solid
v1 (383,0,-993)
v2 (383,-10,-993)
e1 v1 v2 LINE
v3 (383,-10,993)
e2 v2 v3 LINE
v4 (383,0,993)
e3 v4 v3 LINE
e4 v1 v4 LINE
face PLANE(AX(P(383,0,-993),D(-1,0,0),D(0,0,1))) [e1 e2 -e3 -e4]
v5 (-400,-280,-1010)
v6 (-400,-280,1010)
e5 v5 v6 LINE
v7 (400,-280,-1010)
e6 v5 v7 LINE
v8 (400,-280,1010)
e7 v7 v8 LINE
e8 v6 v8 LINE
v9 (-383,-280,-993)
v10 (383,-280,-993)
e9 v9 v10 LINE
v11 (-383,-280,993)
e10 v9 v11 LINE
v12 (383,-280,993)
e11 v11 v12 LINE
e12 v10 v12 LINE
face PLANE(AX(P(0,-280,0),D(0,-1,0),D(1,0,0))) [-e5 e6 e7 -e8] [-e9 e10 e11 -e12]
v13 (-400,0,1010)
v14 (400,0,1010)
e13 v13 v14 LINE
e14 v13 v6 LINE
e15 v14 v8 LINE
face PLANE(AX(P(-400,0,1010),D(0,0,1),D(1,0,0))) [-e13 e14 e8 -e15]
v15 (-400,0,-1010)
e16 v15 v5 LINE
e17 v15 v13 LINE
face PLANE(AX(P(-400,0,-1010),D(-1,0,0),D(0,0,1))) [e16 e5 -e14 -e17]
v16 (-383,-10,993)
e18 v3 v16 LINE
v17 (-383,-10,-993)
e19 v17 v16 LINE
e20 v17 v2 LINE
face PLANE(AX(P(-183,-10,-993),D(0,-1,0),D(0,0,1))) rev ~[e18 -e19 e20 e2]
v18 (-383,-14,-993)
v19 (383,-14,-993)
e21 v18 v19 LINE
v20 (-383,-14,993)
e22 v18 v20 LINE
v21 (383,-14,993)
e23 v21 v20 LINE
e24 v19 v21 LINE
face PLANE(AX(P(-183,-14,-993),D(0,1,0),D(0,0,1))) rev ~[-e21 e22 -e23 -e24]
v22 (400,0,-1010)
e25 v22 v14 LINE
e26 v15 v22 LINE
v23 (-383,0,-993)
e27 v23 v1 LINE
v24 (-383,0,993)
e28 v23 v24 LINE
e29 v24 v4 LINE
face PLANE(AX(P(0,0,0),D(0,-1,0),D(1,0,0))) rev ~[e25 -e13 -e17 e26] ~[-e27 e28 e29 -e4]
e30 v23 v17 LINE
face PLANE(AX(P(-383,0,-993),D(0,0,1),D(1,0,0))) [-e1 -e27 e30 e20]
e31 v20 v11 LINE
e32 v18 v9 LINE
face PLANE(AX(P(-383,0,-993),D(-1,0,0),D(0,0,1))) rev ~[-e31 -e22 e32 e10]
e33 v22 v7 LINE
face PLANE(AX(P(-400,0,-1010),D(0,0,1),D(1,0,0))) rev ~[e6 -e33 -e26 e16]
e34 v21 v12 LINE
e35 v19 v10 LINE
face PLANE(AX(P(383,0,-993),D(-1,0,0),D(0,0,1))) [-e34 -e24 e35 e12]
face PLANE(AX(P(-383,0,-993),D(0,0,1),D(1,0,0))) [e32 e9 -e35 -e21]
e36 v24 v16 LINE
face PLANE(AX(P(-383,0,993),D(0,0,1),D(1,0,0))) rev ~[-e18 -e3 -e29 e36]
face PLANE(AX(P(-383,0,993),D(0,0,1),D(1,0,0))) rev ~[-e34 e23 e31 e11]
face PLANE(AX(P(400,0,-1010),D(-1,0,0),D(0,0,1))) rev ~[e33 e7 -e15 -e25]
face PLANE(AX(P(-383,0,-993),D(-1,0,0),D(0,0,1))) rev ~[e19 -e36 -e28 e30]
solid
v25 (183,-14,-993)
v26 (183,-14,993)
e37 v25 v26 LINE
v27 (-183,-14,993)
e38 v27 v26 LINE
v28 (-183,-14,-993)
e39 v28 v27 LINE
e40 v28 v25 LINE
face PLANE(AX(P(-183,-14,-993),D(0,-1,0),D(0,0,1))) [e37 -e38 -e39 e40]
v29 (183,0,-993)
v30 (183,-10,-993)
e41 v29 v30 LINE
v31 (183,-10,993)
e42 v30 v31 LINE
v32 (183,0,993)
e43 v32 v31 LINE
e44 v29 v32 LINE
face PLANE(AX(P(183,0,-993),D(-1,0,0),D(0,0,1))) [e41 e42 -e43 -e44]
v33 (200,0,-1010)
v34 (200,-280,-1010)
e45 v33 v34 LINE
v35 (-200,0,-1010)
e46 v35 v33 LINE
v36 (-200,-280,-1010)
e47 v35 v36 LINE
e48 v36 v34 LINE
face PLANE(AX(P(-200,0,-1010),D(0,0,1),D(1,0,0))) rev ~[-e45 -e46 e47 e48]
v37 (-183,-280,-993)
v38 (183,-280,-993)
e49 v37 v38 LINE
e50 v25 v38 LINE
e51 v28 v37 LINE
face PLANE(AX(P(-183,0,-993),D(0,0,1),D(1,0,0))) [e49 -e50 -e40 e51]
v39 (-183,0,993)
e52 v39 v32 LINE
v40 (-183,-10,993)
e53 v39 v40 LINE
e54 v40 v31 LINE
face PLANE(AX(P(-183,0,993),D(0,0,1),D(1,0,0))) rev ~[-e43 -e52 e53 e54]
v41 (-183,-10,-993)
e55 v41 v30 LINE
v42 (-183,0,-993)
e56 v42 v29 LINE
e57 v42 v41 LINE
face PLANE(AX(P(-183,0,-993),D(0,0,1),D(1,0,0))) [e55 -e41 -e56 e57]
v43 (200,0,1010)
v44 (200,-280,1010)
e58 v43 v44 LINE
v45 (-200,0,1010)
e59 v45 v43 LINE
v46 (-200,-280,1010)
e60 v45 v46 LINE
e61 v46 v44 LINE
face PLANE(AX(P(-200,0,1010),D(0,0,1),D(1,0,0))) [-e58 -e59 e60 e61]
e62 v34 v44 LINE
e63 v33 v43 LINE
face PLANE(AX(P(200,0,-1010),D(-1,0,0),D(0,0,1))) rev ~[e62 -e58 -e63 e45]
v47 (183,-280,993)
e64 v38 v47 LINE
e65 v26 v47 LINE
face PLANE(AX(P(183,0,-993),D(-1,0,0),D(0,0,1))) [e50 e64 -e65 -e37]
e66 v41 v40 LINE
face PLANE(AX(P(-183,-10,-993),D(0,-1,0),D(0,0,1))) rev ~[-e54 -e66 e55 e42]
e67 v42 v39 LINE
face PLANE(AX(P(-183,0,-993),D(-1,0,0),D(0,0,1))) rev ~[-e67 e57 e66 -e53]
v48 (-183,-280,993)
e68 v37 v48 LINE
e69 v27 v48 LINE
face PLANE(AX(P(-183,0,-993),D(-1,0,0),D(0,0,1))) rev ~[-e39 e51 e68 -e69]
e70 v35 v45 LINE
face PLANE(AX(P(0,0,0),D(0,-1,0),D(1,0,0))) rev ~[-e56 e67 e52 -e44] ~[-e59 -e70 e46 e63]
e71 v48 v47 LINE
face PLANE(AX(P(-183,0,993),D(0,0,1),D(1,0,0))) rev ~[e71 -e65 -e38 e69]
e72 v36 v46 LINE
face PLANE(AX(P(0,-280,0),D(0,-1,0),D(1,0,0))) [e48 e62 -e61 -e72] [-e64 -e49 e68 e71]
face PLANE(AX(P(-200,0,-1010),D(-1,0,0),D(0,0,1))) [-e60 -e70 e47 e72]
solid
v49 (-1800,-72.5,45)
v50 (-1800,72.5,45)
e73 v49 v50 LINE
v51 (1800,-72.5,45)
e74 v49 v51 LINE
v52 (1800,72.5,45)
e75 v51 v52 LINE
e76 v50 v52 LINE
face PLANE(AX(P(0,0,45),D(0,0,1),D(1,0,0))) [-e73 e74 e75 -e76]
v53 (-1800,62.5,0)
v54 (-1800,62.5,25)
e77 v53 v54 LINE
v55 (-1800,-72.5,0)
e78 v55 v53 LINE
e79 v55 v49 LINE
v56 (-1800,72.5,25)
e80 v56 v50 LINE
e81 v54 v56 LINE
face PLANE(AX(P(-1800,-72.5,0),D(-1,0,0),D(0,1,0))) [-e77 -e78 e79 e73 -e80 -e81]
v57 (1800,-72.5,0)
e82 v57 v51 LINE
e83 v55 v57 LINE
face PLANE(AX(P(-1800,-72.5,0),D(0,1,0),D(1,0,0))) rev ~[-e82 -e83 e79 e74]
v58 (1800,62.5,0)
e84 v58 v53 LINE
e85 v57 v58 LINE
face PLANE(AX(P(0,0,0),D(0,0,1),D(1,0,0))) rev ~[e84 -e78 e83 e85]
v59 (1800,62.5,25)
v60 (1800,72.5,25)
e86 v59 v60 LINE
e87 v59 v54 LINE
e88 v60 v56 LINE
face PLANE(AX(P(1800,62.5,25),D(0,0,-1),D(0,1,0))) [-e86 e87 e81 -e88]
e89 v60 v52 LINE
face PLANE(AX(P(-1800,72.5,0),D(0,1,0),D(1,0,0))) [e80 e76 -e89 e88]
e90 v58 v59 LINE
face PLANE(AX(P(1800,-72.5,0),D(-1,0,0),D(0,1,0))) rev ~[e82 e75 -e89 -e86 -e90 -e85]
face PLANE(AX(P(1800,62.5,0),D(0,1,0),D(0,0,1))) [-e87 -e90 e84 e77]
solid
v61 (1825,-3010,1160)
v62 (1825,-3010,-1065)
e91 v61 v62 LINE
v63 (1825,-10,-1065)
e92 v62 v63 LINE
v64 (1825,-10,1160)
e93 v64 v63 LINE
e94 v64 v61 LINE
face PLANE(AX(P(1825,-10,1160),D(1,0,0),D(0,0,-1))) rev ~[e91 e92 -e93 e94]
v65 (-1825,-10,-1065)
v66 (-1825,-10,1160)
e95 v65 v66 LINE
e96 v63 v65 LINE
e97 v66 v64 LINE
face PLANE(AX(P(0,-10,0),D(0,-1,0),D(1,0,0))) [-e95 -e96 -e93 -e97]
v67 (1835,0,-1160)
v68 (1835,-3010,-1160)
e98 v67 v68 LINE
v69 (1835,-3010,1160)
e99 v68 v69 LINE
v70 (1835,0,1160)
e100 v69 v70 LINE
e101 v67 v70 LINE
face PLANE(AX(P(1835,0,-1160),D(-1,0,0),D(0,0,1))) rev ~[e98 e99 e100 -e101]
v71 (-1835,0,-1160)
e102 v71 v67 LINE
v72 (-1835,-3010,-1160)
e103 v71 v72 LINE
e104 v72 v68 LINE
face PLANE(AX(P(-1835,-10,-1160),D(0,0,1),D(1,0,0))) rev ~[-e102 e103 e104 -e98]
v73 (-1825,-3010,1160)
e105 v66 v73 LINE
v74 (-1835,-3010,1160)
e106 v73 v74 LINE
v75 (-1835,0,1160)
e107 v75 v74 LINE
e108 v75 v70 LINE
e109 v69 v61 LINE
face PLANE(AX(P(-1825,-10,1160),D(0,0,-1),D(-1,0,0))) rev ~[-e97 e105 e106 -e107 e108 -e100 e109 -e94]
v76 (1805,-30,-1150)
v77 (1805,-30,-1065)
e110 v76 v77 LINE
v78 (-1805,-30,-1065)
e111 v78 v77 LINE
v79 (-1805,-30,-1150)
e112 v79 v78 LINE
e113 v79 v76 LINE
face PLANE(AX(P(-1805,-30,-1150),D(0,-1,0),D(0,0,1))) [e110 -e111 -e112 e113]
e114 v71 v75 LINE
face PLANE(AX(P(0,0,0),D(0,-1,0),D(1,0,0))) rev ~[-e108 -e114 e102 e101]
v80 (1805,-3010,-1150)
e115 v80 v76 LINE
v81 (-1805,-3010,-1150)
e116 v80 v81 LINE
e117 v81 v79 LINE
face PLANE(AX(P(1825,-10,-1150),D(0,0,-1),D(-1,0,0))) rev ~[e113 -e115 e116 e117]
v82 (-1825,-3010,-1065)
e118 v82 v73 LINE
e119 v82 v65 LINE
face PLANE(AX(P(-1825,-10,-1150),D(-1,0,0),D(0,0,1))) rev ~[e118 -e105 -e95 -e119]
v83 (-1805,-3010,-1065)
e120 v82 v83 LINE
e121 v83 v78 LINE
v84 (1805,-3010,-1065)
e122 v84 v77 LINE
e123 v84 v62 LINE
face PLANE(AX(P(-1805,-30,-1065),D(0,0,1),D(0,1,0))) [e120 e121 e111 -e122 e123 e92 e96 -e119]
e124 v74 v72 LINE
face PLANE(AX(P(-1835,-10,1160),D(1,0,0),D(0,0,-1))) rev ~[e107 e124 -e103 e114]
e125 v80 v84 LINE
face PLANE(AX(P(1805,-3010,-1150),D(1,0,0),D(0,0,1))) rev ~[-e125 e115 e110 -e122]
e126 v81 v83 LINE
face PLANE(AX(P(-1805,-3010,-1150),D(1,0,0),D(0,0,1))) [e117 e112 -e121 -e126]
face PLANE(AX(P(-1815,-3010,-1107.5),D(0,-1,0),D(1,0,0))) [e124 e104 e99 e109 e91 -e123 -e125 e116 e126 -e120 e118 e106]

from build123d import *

# Parameters (mm, degrees)
F0_W          = 400
F0_H          = 2020
F0_W_2        = 366
F0_H_2        = 1986
F1_DEPTH      = 280
F2_W          = 4
F2_H          = 1986
F3_DEPTH      = 366
F4_W          = 800
F4_H          = 2020
F4_W_2        = 766
F4_H_2        = 1986
F5_DEPTH      = 280
F6_DEPTH      = 566
F6_DEPTH_BACK = 200
F7_W          = 3670
F7_H          = 2320
F8_DEPTH      = 10
F10_DEPTH     = 3000
F11_W         = 20
F11_H         = 85
F12_DEPTH     = 3000
F13_W         = 20
F13_H         = 85
F14_DEPTH     = 3610
F15_W         = 3600
F15_H         = 145
F16_DEPTH     = 45
F17_W         = 10
F17_H         = 25
F18_DEPTH     = 3600


with BuildPart() as f1:
    # F0 (on Front) → F1 (new body)
    with BuildSketch(Plane.XZ):
        Rectangle(F0_W, F0_H)
        Rectangle(F0_W_2, F0_H_2, mode=Mode.SUBTRACT)
    extrude(amount=F1_DEPTH)

    # F2 (on face) → F3 (join, through all)
    with BuildSketch(Plane.YZ.offset(-183)):
        with Locations((-12, 0)):
            Rectangle(F2_W, F2_H)
    extrude(amount=F3_DEPTH)


with BuildPart() as f5:
    # F4 (on Front) → F5 (new body)
    with BuildSketch(Plane.XZ):
        Rectangle(F4_W, F4_H)
        Rectangle(F4_W_2, F4_H_2, mode=Mode.SUBTRACT)
    extrude(amount=F5_DEPTH)

    # F2 (on face) → F6 (join, two sides)
    with BuildSketch(Plane.YZ.offset(-183)) as f6_sk:
        with Locations((-12, 0)):
            Rectangle(F2_W, F2_H)
    extrude(amount=F6_DEPTH)
    extrude(f6_sk.sketch, amount=-F6_DEPTH_BACK)


with BuildPart() as f8:
    # F7 (on Front) → F8 (new body)
    with BuildSketch(Plane.XZ):
        Rectangle(F7_W, F7_H)
    extrude(amount=F8_DEPTH)

    # F9 (on face) → F10 (join)
    with BuildSketch(Plane.XZ.offset(10)):
        Polygon((-1825, 1160), (-1835, 1160), (-1835, -1160), (1835, -1160), (1835, 1160), (1825, 1160), (1825, -1150), (-1825, -1150), align=None)
    extrude(amount=F10_DEPTH)

    # F11 (on face) → F12 (join, through all)
    with BuildSketch(Plane.XZ.offset(3010)):
        with Locations((-1815, -1107.5)):
            Rectangle(F11_W, F11_H)
        with Locations((1815, -1107.5)):
            Rectangle(F11_W, F11_H)
    extrude(amount=-F12_DEPTH)

    # F13 (on face) → F14 (join, through all)
    with BuildSketch(Plane.YZ.offset(-1805)):
        with Locations((-20, -1107.5)):
            Rectangle(F13_W, F13_H)
    extrude(amount=F14_DEPTH)


with BuildPart() as f16:
    # F15 (on Top) → F16 (new body)
    with BuildSketch(Plane.XY):
        Rectangle(F15_W, F15_H)
    extrude(amount=F16_DEPTH)

    # F17 (on face) → F18 (cut, through all)
    with BuildSketch(Plane.YZ.offset(1800)):
        with Locations((67.5, 12.5)):
            Rectangle(F17_W, F17_H)
    extrude(amount=-F18_DEPTH, mode=Mode.SUBTRACT)


solid = Compound([f1.part, f5.part, f8.part, f16.part])
